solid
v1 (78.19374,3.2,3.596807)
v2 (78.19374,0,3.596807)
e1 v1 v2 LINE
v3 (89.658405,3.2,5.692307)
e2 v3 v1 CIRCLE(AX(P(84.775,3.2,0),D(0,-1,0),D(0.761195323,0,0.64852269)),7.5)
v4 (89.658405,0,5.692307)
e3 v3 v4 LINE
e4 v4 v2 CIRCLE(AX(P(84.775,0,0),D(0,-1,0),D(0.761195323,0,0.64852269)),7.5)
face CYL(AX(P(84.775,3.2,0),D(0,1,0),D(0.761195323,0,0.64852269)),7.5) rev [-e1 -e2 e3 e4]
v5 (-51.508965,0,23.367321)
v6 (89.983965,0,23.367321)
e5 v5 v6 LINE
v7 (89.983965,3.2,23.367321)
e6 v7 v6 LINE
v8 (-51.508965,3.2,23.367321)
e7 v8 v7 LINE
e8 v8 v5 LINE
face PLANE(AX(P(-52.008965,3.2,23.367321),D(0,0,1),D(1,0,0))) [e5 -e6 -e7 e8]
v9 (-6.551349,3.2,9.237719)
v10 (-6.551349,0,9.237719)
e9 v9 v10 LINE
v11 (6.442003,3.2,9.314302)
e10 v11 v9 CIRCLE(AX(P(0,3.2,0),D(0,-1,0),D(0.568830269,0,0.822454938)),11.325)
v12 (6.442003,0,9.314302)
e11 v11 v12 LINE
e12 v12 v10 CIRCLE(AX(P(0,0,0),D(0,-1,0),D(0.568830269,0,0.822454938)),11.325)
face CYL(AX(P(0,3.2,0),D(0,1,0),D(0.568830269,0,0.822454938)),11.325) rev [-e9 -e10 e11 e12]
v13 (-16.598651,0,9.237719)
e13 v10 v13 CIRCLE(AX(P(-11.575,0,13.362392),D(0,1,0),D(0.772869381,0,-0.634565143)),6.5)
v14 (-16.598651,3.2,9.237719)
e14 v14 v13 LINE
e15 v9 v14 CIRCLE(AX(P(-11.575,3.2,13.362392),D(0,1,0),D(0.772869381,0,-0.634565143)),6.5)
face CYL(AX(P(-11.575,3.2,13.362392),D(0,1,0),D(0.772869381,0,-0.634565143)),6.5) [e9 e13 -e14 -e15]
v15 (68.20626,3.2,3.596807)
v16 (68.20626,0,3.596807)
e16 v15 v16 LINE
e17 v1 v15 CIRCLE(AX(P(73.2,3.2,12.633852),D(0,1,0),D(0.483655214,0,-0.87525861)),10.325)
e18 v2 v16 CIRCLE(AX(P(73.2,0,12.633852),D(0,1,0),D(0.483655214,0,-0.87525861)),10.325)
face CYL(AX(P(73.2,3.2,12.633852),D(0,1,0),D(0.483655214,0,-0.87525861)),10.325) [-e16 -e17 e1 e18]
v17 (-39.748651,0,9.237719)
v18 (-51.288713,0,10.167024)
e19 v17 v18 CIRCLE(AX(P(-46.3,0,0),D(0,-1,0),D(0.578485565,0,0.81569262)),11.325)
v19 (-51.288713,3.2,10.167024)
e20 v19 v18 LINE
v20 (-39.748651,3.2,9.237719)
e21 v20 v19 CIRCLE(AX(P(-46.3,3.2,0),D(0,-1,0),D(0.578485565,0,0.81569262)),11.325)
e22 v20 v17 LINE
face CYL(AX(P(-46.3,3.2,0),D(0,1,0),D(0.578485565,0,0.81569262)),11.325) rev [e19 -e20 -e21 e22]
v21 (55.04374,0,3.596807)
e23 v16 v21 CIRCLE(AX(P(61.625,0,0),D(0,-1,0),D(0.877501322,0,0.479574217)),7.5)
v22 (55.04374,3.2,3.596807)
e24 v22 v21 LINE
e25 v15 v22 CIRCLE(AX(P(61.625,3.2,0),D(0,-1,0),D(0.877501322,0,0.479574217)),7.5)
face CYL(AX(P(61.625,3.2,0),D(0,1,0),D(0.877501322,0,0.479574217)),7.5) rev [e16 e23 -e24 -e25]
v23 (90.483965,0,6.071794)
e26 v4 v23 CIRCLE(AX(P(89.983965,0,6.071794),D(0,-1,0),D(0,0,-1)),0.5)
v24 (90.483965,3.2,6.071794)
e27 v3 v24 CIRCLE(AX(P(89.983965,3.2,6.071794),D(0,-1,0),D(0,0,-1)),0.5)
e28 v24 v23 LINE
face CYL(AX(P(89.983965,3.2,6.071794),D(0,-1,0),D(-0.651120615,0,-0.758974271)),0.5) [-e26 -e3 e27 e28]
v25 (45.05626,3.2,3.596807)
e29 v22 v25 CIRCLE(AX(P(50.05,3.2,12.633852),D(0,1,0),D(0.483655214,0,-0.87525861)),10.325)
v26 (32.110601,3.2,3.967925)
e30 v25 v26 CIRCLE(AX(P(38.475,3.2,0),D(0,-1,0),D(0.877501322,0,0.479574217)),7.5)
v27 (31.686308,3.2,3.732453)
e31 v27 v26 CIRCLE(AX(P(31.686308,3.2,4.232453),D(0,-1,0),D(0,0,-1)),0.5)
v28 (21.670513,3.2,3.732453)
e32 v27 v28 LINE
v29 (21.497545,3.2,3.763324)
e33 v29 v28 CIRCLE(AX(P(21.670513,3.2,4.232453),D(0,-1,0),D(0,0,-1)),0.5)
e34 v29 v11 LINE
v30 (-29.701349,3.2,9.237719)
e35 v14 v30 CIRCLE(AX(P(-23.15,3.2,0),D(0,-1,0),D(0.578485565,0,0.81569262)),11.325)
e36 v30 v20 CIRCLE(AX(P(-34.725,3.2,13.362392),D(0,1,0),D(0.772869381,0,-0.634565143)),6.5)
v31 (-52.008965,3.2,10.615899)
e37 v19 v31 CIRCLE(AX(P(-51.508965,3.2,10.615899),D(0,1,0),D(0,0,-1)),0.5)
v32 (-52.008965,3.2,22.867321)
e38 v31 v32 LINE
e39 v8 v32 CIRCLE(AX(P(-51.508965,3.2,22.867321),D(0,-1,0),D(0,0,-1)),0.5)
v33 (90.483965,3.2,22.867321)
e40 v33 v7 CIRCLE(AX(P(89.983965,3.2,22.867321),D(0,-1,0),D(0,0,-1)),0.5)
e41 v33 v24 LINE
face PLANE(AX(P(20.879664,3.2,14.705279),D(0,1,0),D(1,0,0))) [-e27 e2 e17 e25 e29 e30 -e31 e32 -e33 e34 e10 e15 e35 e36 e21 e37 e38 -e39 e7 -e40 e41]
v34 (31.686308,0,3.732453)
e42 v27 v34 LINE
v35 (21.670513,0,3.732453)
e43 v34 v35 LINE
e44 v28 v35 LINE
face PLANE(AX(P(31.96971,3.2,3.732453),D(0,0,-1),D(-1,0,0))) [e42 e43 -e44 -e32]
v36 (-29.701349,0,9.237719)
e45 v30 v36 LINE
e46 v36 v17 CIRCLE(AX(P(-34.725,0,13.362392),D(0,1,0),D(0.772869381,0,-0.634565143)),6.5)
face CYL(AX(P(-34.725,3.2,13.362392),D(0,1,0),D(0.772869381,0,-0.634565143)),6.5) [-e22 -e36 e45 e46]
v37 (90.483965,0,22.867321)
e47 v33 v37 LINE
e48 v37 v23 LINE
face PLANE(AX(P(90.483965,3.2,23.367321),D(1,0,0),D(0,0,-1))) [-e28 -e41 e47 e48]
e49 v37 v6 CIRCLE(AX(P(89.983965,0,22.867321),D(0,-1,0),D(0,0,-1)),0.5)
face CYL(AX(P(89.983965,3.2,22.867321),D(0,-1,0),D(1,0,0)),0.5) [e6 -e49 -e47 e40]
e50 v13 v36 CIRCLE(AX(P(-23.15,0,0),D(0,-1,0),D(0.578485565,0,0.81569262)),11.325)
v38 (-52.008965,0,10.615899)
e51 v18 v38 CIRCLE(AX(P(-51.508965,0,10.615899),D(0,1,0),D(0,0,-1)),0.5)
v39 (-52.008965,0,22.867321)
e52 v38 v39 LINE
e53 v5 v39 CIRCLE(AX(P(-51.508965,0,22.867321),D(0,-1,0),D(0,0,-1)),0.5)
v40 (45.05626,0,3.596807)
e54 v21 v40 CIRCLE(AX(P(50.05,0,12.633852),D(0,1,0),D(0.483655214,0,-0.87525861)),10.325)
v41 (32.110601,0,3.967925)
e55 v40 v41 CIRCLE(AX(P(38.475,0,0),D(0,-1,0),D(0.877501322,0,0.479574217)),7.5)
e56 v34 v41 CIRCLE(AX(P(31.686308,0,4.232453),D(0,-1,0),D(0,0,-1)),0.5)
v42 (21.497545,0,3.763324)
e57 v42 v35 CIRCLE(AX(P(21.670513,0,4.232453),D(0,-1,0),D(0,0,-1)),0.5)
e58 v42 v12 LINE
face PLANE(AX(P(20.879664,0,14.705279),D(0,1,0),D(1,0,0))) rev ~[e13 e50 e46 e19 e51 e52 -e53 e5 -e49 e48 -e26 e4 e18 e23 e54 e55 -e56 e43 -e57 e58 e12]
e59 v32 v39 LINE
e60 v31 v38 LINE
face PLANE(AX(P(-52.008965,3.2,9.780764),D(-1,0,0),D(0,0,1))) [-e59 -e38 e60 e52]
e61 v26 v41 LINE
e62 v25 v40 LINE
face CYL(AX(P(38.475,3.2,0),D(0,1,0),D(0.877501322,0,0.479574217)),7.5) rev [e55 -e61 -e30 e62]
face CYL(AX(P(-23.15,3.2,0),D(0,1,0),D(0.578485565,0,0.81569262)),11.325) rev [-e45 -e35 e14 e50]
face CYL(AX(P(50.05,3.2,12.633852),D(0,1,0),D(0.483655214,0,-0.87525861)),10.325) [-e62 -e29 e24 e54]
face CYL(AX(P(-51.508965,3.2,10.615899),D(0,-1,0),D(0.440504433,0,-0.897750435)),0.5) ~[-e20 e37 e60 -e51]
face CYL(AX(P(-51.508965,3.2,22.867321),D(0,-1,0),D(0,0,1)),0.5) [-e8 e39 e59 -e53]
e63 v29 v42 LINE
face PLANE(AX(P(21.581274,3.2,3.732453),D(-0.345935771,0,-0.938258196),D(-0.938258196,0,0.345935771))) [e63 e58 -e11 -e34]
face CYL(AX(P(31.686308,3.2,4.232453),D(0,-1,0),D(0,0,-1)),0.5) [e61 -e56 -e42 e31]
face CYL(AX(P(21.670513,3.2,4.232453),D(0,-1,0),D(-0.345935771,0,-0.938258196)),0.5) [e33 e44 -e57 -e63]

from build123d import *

# Parameters (mm, degrees)
BOSS_EXTRUDE1_DEPTH = 3.2
SKETCH2_W           = 159.499713068
SKETCH2_H           = 43.7032655
CUT_EXTRUDE1_DEPTH  = 3.2
FILLET1_R           = 0.5


with BuildPart() as part:
    # Sketch1 → Boss-Extrude1 (new body)
    with BuildSketch(Plane(origin=(0, 0, 0), x_dir=(1, 0, 0), z_dir=(0, 1, 0))):
        with BuildLine():
            Line((-52.508964924, -8.867320879), (-52.508964924, -23.867320879))
            Line((-52.508964924, -23.867320879), (90.983964924, -23.867320879))
            Line((90.983964924, -23.867320879), (90.983964924, -3.232453337))
            ThreePointArc((90.983964924, -3.232453337), (84.775, -7), (78.566035076, -3.232453337))
            ThreePointArc((78.566035076, -3.232453337), (73.2, -1.808851774), (67.833964924, -3.232453337))
            ThreePointArc((67.833964924, -3.232453337), (61.625, -7), (55.416035076, -3.232453337))
            ThreePointArc((55.416035076, -3.232453337), (50.05, -1.808851774), (44.683964924, -3.232453337))
            ThreePointArc((44.683964924, -3.232453337), (38.475, -7), (32.266035076, -3.232453337))
            Line((32.266035076, -3.232453337), (21.492035076, -3.232453337))
            Line((21.492035076, -3.232453337), (6.208964923, -8.867320879))
            ThreePointArc((6.208964923, -8.867320879), (0, -10.825), (-6.208964924, -8.867320879))
            ThreePointArc((-6.208964924, -8.867320879), (-11.575, -6.362392354), (-16.941035077, -8.867320879))
            ThreePointArc((-16.941035077, -8.867320879), (-23.15, -10.825), (-29.358964924, -8.867320879))
            ThreePointArc((-29.358964924, -8.867320879), (-34.725, -6.362392354), (-40.091035076, -8.867320879))
            ThreePointArc((-40.091035076, -8.867320879), (-46.3, -10.825), (-52.508964924, -8.867320879))
        make_face()
    extrude(amount=BOSS_EXTRUDE1_DEPTH)

    # Sketch2 → Cut-Extrude1 (cut)
    with BuildSketch(Plane(origin=(0, 3.2, 0), x_dir=(1, 0, 0), z_dir=(0, 1, 0))):
        with Locations((19.511770452, -6.74153154)):
            Rectangle(SKETCH2_W, SKETCH2_H)
        with BuildLine():
            Line((-52.008964924, -9.780764004), (-52.008964924, -23.367320879))
            Line((-52.008964924, -23.367320879), (90.483964924, -23.367320879))
            Line((90.483964924, -23.367320879), (90.483964924, -4.863920178))
            ThreePointArc((90.483964924, -4.863920178), (84.005832381, -7.460454488), (78.193740084, -3.596806627))
            ThreePointArc((78.193740084, -3.596806627), (73.2, -2.308851774), (68.206259916, -3.596806627))
            ThreePointArc((68.206259916, -3.596806627), (61.625, -7.5), (55.043740084, -3.596806627))
            ThreePointArc((55.043740084, -3.596806627), (50.05, -2.308851774), (45.056259916, -3.596806627))
            ThreePointArc((45.056259916, -3.596806627), (38.552735975, -7.49959713), (31.969710453, -3.732453337))
            Line((31.969710453, -3.732453337), (21.581273902, -3.732453337))
            Line((21.581273902, -3.732453337), (6.442002791, -9.314302177))
            ThreePointArc((6.442002791, -9.314302177), (-0.066748771, -11.324803292), (-6.551349026, -9.237718925))
            ThreePointArc((-6.551349026, -9.237718925), (-11.575, -6.862392354), (-16.598650974, -9.237718925))
            ThreePointArc((-16.598650974, -9.237718925), (-23.15, -11.325), (-29.701349026, -9.237718925))
            ThreePointArc((-29.701349026, -9.237718925), (-34.725, -6.862392354), (-39.748650974, -9.237718925))
            ThreePointArc((-39.748650974, -9.237718925), (-45.798874034, -11.313907272), (-52.008964924, -9.780764004))
        make_face(mode=Mode.SUBTRACT)
    extrude(amount=-CUT_EXTRUDE1_DEPTH, mode=Mode.SUBTRACT)

    # Fillet1
    fillet1_edges = [part.edges().sort_by_distance(p)[0] for p in [
        (21.581273902, 1.6, 3.732453337),
        (31.969710453, 1.6, 3.732453337),
        (90.483964924, 1.6, 4.863920178),
        (90.483964924, 1.6, 23.367320879),
        (-52.008964924, 1.6, 23.367320879),
        (-52.008964924, 1.6, 9.780764004),
    ]]
    fillet(fillet1_edges, radius=FILLET1_R)


solid = part.part
